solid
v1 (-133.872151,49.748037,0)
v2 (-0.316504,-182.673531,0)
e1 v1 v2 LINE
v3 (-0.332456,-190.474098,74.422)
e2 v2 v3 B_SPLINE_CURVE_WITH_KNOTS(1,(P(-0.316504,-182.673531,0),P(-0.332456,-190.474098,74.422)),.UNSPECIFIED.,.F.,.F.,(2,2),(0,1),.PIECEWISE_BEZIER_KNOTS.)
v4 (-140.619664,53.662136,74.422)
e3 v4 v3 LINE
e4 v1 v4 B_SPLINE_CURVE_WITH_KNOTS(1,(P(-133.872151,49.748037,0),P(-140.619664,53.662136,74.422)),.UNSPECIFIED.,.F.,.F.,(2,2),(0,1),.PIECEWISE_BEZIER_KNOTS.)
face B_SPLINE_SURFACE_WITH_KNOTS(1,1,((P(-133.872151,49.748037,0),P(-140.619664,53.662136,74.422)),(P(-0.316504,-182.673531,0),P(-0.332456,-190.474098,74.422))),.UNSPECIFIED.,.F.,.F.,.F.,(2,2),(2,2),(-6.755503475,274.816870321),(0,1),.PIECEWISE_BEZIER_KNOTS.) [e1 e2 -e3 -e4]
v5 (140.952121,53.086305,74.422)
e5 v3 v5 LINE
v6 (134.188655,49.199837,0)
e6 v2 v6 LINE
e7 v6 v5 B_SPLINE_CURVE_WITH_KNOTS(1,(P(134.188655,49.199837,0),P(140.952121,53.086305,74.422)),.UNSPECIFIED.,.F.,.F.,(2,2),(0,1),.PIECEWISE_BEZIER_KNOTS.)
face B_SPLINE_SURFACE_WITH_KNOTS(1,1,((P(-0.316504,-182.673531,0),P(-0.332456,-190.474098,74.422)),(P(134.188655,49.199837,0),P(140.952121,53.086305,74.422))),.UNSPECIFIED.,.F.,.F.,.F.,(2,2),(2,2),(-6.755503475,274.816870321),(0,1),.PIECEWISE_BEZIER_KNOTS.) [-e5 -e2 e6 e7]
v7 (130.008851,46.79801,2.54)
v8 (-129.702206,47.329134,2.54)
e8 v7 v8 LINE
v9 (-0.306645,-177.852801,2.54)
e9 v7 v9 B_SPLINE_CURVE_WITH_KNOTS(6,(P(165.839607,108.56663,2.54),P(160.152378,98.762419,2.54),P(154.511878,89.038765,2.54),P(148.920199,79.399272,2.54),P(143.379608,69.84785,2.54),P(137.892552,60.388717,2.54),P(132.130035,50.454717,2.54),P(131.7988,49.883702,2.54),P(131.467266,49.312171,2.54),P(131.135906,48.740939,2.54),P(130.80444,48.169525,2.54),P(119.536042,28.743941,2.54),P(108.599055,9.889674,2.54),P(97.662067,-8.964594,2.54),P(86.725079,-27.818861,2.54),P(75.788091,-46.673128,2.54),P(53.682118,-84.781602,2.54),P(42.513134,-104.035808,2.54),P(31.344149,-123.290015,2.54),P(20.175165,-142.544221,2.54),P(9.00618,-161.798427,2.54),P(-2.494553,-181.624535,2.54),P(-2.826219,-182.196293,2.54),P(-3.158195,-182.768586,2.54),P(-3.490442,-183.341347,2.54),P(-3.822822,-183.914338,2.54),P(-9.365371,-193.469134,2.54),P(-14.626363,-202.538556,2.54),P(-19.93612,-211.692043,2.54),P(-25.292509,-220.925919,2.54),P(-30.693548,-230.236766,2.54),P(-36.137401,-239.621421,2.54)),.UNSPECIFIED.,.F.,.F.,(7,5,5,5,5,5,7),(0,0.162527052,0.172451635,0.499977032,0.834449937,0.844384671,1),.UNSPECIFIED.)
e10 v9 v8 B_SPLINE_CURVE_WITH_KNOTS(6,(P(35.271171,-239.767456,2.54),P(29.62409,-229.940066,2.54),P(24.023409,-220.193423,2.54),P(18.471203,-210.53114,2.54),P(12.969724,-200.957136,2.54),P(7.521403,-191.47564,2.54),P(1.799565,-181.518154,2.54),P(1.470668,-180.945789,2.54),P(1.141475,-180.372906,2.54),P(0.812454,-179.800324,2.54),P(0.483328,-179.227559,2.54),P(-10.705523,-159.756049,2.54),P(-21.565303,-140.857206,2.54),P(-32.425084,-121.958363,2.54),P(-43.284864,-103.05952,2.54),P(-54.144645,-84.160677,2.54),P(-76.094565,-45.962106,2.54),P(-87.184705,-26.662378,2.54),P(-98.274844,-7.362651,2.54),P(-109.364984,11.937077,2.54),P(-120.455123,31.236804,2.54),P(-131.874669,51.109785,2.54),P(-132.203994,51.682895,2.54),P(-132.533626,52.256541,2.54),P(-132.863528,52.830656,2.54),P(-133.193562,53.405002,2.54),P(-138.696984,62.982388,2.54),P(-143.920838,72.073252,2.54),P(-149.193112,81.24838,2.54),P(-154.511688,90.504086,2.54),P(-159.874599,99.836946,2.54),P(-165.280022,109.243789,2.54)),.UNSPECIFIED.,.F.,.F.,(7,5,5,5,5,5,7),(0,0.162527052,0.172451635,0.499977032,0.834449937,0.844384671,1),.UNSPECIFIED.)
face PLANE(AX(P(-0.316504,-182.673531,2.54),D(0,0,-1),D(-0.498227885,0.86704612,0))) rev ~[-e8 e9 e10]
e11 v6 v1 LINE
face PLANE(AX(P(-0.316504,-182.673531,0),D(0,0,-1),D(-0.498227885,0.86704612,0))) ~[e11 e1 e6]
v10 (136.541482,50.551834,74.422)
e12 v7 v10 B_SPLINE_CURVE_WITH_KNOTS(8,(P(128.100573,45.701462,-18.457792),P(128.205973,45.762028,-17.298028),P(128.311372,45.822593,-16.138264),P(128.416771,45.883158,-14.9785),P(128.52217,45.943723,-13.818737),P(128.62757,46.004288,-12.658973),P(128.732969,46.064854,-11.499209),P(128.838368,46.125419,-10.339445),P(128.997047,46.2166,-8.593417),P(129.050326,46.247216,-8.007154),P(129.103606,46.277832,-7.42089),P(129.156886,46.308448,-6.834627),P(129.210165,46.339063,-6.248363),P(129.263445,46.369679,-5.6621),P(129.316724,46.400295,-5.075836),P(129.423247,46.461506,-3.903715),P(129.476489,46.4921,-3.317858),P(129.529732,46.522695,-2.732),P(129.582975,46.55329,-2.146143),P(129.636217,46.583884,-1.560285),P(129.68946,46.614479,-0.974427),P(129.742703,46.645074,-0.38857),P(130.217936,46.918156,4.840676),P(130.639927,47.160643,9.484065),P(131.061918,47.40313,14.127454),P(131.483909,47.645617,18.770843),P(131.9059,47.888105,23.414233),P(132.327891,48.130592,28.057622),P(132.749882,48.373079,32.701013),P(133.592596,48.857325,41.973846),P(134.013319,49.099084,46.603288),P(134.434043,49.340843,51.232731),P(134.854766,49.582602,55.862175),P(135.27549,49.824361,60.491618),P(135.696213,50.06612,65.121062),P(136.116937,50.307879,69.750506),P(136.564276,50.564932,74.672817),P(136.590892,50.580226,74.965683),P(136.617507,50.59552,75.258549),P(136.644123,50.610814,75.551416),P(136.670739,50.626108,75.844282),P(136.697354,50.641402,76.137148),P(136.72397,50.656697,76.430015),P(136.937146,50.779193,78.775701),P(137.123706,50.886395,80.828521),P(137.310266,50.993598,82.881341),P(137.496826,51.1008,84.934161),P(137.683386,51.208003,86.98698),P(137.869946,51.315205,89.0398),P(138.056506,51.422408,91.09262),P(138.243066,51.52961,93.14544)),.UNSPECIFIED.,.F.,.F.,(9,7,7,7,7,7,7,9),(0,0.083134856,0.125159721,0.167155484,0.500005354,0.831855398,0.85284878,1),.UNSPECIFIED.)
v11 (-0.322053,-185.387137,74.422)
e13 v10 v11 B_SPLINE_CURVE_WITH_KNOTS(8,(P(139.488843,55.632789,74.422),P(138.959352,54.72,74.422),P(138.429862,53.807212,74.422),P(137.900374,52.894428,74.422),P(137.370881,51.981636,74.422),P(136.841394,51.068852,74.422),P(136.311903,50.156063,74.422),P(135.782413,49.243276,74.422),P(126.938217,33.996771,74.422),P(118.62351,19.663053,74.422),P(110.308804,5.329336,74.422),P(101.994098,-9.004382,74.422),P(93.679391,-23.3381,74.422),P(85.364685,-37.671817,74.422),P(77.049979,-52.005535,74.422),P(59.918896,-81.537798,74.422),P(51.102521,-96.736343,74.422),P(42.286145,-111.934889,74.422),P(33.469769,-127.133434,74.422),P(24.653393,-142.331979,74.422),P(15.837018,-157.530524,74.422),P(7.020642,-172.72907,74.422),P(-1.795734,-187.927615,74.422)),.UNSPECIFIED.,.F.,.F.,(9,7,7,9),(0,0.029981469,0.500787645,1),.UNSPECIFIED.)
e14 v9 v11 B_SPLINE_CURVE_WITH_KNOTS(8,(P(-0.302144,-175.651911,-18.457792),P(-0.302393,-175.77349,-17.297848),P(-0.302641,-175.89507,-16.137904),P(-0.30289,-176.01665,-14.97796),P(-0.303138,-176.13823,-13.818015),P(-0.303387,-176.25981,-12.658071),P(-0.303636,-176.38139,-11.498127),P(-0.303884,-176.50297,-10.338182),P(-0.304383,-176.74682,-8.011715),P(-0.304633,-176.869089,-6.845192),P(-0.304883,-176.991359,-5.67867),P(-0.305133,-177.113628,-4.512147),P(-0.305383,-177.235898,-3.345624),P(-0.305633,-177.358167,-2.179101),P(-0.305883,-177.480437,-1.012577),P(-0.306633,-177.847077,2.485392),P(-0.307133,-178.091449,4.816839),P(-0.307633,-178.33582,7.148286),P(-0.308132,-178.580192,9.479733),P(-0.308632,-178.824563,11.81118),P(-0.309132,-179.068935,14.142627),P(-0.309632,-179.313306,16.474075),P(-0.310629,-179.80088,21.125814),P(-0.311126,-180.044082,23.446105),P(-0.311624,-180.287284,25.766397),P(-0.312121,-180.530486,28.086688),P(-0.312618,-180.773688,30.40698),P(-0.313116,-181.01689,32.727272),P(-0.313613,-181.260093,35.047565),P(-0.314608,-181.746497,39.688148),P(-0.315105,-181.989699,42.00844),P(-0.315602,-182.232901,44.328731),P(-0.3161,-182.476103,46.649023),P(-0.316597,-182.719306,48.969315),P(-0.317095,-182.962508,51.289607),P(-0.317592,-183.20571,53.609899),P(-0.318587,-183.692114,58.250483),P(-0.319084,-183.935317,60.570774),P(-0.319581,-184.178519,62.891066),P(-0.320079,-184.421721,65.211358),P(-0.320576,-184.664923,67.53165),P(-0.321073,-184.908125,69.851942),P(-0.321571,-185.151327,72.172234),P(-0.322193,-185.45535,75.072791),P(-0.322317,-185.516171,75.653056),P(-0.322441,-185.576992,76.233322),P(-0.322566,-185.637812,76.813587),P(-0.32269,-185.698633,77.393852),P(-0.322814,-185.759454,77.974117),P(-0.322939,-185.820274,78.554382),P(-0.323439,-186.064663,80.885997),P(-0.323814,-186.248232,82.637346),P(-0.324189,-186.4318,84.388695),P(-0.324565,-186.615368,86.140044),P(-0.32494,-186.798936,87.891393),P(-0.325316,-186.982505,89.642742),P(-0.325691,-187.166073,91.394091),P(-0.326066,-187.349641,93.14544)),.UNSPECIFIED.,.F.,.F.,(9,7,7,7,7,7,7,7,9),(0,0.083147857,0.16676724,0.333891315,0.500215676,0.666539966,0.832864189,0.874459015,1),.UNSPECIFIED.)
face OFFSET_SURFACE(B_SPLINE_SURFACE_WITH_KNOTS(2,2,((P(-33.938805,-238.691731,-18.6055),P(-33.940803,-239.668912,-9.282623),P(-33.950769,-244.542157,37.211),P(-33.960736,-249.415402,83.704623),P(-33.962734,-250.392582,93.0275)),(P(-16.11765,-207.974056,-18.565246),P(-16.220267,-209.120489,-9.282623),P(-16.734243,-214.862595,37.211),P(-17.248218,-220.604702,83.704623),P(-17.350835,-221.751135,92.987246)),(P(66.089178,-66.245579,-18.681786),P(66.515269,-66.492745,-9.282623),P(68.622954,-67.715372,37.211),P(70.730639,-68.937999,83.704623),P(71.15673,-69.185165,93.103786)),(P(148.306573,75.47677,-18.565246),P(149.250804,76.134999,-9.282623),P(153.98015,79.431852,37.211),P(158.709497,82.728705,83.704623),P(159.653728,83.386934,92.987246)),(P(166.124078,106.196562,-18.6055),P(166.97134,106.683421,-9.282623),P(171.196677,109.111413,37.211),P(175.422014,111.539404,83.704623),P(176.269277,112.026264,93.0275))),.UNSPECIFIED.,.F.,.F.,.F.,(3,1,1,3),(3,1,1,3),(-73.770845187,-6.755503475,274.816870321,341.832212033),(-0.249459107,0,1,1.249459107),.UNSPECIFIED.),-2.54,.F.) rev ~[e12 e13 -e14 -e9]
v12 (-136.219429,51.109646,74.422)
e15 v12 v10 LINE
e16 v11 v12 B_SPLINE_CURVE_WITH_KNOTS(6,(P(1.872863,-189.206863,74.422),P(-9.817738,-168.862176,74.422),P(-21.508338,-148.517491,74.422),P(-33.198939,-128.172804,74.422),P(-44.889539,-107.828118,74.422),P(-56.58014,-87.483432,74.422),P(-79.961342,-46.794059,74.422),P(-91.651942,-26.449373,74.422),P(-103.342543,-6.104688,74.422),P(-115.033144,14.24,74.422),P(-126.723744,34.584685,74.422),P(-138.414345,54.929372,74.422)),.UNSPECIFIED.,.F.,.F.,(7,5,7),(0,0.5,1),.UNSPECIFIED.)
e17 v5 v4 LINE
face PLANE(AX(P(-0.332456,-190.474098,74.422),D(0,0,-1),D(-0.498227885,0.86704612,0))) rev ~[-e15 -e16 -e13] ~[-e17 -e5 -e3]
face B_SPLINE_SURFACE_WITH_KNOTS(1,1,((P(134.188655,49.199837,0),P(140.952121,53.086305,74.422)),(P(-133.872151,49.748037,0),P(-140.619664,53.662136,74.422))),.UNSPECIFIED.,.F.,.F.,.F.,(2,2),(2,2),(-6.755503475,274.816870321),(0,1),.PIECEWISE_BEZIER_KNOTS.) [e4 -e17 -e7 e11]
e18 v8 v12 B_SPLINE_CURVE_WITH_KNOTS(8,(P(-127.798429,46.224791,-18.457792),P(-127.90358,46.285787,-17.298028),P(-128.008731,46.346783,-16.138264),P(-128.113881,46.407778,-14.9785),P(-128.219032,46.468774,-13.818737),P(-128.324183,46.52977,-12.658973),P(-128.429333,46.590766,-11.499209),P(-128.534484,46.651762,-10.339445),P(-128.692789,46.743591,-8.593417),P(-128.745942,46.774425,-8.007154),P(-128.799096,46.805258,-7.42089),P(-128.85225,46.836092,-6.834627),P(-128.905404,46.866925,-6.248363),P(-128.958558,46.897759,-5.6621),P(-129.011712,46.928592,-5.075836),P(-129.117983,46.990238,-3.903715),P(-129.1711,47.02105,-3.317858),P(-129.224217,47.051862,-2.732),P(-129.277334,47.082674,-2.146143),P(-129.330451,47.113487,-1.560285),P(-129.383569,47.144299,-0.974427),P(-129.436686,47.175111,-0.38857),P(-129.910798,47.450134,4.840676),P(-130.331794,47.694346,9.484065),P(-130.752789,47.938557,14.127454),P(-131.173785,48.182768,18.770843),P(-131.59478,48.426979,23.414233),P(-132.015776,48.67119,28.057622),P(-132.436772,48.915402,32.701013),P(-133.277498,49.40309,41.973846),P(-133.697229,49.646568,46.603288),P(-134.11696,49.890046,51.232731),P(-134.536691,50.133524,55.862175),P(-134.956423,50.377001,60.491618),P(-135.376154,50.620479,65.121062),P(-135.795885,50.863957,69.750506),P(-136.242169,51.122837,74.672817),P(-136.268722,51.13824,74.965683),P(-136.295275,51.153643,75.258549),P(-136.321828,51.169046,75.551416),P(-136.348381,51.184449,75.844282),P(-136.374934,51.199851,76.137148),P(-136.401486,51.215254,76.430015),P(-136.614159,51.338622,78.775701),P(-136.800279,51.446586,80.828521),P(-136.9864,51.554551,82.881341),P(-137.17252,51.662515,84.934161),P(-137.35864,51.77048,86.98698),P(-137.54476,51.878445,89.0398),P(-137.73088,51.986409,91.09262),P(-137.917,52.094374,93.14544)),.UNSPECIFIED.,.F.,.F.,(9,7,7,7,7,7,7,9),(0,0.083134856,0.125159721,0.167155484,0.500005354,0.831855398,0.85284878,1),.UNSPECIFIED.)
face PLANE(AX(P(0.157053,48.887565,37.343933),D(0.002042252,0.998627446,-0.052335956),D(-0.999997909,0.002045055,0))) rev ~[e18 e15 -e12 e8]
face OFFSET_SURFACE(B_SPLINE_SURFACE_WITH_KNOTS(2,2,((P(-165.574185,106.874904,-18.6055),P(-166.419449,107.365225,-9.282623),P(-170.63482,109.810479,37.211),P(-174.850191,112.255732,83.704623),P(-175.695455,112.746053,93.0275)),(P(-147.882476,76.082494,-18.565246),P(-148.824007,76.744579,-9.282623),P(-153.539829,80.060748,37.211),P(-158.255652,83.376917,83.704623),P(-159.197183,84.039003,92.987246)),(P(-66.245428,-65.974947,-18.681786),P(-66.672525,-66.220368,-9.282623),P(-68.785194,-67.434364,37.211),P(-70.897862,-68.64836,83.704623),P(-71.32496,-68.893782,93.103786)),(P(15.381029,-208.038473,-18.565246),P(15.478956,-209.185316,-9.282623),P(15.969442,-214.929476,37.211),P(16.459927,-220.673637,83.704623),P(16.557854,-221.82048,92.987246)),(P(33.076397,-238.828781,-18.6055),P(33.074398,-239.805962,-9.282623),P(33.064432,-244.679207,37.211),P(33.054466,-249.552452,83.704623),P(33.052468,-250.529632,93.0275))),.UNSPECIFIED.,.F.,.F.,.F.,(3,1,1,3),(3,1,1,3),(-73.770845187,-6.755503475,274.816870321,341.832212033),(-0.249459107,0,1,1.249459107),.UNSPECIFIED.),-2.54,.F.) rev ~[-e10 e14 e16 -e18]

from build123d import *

# Parameters (mm, degrees)
F1_DEPTH = 74.422
F1_TAPER = -3
F2_T     = -2.54


with BuildPart() as f1:
    # F0 (on Top) → F1 (new body)
    with BuildSketch(Plane.XY):
        Polygon((-0.3165035462, -182.6735311121), (134.188654921, 49.1998367876), (-133.8721513748, 49.7480370104), align=None)
    extrude(amount=F1_DEPTH, taper=F1_TAPER)

    # F2
    f2_openings = [f1.faces().sort_by_distance(p)[0] for p in [
        (0, -27.908552, 74.422),
    ]]
    offset(amount=F2_T, openings=f2_openings, kind=Kind.INTERSECTION)


solid = f1.part
